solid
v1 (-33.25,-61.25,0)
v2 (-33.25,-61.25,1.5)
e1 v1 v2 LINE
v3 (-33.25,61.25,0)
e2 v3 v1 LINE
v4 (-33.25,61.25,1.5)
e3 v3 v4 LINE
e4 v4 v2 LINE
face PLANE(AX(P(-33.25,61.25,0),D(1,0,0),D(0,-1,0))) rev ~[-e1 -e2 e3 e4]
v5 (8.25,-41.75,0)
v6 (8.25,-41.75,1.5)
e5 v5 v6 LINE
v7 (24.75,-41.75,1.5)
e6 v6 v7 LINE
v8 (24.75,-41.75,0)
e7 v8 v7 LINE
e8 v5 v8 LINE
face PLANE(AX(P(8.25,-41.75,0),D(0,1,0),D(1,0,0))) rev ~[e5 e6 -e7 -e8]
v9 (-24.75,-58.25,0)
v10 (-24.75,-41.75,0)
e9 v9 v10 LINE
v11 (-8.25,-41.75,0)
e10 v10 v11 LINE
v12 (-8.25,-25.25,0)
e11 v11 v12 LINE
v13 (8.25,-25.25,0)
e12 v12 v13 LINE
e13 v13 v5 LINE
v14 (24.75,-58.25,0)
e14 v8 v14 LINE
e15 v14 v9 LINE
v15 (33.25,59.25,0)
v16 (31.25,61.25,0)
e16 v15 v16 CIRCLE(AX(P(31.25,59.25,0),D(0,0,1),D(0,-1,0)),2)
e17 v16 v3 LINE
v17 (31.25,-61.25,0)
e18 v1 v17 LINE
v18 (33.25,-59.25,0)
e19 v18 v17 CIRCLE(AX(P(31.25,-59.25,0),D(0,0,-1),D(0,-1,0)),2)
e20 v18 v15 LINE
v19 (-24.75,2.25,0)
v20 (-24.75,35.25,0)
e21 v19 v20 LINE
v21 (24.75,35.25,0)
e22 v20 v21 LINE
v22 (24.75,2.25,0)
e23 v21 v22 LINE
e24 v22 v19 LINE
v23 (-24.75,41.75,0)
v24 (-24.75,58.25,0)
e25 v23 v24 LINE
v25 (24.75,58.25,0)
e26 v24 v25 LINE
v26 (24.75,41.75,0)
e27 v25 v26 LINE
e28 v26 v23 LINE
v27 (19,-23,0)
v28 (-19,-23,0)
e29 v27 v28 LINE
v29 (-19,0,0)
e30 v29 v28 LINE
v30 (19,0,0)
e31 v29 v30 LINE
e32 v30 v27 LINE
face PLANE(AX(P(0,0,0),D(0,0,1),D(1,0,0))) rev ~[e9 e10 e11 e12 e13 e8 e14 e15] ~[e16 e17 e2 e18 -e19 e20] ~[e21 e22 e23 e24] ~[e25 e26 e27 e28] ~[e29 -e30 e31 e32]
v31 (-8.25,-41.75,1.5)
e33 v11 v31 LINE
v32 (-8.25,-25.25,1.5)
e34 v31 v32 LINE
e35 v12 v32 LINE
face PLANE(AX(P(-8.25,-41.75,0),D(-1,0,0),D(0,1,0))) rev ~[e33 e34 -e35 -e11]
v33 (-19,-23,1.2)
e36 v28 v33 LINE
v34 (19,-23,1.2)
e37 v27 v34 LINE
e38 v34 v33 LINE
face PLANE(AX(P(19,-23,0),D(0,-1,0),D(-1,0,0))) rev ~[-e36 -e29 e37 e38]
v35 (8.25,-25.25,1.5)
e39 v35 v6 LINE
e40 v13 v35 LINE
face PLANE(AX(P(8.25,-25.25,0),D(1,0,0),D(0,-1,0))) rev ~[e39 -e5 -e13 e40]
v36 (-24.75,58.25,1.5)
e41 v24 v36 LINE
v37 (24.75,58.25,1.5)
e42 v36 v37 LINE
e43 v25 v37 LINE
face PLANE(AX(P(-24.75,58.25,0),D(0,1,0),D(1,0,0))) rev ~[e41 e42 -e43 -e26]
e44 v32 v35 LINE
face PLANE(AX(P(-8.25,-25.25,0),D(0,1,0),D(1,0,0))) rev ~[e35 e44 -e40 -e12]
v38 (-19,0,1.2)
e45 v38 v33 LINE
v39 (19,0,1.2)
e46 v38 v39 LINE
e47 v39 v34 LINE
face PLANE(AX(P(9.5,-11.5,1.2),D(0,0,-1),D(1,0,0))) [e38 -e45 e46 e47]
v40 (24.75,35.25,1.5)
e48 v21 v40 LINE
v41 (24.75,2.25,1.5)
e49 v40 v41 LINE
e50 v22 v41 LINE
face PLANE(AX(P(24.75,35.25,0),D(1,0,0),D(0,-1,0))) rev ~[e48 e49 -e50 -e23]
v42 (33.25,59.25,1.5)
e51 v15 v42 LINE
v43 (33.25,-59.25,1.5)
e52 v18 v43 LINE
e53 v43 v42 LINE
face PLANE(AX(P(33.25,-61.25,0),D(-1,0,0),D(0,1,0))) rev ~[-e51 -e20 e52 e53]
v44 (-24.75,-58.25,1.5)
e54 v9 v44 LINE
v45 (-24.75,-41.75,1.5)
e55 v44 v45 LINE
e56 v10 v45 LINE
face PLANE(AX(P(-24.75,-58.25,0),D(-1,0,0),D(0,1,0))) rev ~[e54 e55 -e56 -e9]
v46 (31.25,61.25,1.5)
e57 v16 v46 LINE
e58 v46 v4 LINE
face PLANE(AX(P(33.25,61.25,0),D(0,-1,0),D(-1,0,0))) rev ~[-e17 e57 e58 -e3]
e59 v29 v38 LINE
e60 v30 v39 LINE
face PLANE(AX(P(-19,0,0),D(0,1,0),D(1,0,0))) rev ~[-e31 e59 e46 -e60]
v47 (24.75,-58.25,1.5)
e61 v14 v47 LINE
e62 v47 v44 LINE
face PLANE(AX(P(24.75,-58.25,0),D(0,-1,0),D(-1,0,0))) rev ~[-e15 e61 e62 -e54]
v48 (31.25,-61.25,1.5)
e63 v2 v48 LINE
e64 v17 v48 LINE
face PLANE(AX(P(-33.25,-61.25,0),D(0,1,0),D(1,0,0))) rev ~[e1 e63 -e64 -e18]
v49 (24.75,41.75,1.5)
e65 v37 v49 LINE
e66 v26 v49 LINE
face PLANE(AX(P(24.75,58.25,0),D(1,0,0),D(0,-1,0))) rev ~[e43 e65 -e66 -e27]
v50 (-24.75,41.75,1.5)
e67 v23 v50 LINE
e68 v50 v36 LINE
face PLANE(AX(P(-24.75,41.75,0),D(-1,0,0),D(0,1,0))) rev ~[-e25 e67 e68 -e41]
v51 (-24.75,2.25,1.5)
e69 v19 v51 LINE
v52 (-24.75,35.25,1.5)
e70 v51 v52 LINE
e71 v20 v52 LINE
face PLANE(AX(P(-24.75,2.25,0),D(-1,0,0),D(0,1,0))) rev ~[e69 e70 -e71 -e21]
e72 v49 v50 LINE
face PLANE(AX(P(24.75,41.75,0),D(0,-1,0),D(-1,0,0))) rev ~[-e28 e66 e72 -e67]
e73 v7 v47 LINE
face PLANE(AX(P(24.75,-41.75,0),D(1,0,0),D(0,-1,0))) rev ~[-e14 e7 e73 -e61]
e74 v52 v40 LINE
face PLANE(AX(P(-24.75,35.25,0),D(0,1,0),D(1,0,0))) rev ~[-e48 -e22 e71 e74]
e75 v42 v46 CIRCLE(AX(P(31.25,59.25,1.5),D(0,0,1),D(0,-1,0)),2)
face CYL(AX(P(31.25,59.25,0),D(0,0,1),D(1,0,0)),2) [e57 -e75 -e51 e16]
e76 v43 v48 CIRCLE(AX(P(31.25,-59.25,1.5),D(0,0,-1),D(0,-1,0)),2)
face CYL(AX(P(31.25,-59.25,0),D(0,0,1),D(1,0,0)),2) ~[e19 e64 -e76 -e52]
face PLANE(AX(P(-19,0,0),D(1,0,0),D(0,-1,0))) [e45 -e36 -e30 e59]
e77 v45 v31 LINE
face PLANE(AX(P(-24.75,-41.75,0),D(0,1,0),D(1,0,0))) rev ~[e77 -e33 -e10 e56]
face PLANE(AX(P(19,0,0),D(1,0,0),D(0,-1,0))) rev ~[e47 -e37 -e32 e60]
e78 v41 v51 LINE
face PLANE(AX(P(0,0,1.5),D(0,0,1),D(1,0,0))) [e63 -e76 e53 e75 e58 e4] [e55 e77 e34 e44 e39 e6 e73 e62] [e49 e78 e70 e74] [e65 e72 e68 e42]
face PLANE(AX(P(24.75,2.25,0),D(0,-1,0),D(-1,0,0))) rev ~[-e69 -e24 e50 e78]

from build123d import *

# Parameters (mm, degrees)
F1_DEPTH = 1.5
F2_W     = 19
F2_H     = 23
F3_DEPTH = 1.2
F4_R     = 2


with BuildPart() as f1:
    # F0 (on Top) → F1 (new body)
    with BuildSketch(Plane.XY):
        Polygon((33.25, -61.25), (33.25, 61.25), (0, 61.25), (-33.25, 61.25), (-33.25, -61.25), (0, -61.25), align=None)
        Polygon((24.75, -58.25), (0, -58.25), (-24.75, -58.25), (-24.75, -41.75), (-8.25, -41.75), (-8.25, -25.25), (8.25, -25.25), (8.25, -41.75), (24.75, -41.75), align=None, mode=Mode.SUBTRACT)
        Polygon((-24.75, 35.25), (0, 35.25), (24.75, 35.25), (24.75, 2.25), (-24.75, 2.25), align=None, mode=Mode.SUBTRACT)
        Polygon((-24.75, 58.25), (0, 58.25), (24.75, 58.25), (24.75, 41.75), (0, 41.75), (-24.75, 41.75), align=None, mode=Mode.SUBTRACT)
    extrude(amount=F1_DEPTH)

    # F2 (on face) → F3 (cut)
    with BuildSketch(Plane(origin=(0, 0, 0), x_dir=(1, 0, 0), z_dir=(0, 0, -1))):
        with Locations((9.5, 11.5)):
            Rectangle(F2_W, F2_H)
        with Locations((-9.5, 11.5)):
            Rectangle(F2_W, F2_H)
    extrude(amount=-F3_DEPTH, mode=Mode.SUBTRACT)

    # F4
    f4_edges = [f1.edges().sort_by_distance(p)[0] for p in [
        (33.25, -61.25, 0.75),
        (33.25, 61.25, 0.75),
    ]]
    fillet(f4_edges, radius=F4_R)


solid = f1.part
